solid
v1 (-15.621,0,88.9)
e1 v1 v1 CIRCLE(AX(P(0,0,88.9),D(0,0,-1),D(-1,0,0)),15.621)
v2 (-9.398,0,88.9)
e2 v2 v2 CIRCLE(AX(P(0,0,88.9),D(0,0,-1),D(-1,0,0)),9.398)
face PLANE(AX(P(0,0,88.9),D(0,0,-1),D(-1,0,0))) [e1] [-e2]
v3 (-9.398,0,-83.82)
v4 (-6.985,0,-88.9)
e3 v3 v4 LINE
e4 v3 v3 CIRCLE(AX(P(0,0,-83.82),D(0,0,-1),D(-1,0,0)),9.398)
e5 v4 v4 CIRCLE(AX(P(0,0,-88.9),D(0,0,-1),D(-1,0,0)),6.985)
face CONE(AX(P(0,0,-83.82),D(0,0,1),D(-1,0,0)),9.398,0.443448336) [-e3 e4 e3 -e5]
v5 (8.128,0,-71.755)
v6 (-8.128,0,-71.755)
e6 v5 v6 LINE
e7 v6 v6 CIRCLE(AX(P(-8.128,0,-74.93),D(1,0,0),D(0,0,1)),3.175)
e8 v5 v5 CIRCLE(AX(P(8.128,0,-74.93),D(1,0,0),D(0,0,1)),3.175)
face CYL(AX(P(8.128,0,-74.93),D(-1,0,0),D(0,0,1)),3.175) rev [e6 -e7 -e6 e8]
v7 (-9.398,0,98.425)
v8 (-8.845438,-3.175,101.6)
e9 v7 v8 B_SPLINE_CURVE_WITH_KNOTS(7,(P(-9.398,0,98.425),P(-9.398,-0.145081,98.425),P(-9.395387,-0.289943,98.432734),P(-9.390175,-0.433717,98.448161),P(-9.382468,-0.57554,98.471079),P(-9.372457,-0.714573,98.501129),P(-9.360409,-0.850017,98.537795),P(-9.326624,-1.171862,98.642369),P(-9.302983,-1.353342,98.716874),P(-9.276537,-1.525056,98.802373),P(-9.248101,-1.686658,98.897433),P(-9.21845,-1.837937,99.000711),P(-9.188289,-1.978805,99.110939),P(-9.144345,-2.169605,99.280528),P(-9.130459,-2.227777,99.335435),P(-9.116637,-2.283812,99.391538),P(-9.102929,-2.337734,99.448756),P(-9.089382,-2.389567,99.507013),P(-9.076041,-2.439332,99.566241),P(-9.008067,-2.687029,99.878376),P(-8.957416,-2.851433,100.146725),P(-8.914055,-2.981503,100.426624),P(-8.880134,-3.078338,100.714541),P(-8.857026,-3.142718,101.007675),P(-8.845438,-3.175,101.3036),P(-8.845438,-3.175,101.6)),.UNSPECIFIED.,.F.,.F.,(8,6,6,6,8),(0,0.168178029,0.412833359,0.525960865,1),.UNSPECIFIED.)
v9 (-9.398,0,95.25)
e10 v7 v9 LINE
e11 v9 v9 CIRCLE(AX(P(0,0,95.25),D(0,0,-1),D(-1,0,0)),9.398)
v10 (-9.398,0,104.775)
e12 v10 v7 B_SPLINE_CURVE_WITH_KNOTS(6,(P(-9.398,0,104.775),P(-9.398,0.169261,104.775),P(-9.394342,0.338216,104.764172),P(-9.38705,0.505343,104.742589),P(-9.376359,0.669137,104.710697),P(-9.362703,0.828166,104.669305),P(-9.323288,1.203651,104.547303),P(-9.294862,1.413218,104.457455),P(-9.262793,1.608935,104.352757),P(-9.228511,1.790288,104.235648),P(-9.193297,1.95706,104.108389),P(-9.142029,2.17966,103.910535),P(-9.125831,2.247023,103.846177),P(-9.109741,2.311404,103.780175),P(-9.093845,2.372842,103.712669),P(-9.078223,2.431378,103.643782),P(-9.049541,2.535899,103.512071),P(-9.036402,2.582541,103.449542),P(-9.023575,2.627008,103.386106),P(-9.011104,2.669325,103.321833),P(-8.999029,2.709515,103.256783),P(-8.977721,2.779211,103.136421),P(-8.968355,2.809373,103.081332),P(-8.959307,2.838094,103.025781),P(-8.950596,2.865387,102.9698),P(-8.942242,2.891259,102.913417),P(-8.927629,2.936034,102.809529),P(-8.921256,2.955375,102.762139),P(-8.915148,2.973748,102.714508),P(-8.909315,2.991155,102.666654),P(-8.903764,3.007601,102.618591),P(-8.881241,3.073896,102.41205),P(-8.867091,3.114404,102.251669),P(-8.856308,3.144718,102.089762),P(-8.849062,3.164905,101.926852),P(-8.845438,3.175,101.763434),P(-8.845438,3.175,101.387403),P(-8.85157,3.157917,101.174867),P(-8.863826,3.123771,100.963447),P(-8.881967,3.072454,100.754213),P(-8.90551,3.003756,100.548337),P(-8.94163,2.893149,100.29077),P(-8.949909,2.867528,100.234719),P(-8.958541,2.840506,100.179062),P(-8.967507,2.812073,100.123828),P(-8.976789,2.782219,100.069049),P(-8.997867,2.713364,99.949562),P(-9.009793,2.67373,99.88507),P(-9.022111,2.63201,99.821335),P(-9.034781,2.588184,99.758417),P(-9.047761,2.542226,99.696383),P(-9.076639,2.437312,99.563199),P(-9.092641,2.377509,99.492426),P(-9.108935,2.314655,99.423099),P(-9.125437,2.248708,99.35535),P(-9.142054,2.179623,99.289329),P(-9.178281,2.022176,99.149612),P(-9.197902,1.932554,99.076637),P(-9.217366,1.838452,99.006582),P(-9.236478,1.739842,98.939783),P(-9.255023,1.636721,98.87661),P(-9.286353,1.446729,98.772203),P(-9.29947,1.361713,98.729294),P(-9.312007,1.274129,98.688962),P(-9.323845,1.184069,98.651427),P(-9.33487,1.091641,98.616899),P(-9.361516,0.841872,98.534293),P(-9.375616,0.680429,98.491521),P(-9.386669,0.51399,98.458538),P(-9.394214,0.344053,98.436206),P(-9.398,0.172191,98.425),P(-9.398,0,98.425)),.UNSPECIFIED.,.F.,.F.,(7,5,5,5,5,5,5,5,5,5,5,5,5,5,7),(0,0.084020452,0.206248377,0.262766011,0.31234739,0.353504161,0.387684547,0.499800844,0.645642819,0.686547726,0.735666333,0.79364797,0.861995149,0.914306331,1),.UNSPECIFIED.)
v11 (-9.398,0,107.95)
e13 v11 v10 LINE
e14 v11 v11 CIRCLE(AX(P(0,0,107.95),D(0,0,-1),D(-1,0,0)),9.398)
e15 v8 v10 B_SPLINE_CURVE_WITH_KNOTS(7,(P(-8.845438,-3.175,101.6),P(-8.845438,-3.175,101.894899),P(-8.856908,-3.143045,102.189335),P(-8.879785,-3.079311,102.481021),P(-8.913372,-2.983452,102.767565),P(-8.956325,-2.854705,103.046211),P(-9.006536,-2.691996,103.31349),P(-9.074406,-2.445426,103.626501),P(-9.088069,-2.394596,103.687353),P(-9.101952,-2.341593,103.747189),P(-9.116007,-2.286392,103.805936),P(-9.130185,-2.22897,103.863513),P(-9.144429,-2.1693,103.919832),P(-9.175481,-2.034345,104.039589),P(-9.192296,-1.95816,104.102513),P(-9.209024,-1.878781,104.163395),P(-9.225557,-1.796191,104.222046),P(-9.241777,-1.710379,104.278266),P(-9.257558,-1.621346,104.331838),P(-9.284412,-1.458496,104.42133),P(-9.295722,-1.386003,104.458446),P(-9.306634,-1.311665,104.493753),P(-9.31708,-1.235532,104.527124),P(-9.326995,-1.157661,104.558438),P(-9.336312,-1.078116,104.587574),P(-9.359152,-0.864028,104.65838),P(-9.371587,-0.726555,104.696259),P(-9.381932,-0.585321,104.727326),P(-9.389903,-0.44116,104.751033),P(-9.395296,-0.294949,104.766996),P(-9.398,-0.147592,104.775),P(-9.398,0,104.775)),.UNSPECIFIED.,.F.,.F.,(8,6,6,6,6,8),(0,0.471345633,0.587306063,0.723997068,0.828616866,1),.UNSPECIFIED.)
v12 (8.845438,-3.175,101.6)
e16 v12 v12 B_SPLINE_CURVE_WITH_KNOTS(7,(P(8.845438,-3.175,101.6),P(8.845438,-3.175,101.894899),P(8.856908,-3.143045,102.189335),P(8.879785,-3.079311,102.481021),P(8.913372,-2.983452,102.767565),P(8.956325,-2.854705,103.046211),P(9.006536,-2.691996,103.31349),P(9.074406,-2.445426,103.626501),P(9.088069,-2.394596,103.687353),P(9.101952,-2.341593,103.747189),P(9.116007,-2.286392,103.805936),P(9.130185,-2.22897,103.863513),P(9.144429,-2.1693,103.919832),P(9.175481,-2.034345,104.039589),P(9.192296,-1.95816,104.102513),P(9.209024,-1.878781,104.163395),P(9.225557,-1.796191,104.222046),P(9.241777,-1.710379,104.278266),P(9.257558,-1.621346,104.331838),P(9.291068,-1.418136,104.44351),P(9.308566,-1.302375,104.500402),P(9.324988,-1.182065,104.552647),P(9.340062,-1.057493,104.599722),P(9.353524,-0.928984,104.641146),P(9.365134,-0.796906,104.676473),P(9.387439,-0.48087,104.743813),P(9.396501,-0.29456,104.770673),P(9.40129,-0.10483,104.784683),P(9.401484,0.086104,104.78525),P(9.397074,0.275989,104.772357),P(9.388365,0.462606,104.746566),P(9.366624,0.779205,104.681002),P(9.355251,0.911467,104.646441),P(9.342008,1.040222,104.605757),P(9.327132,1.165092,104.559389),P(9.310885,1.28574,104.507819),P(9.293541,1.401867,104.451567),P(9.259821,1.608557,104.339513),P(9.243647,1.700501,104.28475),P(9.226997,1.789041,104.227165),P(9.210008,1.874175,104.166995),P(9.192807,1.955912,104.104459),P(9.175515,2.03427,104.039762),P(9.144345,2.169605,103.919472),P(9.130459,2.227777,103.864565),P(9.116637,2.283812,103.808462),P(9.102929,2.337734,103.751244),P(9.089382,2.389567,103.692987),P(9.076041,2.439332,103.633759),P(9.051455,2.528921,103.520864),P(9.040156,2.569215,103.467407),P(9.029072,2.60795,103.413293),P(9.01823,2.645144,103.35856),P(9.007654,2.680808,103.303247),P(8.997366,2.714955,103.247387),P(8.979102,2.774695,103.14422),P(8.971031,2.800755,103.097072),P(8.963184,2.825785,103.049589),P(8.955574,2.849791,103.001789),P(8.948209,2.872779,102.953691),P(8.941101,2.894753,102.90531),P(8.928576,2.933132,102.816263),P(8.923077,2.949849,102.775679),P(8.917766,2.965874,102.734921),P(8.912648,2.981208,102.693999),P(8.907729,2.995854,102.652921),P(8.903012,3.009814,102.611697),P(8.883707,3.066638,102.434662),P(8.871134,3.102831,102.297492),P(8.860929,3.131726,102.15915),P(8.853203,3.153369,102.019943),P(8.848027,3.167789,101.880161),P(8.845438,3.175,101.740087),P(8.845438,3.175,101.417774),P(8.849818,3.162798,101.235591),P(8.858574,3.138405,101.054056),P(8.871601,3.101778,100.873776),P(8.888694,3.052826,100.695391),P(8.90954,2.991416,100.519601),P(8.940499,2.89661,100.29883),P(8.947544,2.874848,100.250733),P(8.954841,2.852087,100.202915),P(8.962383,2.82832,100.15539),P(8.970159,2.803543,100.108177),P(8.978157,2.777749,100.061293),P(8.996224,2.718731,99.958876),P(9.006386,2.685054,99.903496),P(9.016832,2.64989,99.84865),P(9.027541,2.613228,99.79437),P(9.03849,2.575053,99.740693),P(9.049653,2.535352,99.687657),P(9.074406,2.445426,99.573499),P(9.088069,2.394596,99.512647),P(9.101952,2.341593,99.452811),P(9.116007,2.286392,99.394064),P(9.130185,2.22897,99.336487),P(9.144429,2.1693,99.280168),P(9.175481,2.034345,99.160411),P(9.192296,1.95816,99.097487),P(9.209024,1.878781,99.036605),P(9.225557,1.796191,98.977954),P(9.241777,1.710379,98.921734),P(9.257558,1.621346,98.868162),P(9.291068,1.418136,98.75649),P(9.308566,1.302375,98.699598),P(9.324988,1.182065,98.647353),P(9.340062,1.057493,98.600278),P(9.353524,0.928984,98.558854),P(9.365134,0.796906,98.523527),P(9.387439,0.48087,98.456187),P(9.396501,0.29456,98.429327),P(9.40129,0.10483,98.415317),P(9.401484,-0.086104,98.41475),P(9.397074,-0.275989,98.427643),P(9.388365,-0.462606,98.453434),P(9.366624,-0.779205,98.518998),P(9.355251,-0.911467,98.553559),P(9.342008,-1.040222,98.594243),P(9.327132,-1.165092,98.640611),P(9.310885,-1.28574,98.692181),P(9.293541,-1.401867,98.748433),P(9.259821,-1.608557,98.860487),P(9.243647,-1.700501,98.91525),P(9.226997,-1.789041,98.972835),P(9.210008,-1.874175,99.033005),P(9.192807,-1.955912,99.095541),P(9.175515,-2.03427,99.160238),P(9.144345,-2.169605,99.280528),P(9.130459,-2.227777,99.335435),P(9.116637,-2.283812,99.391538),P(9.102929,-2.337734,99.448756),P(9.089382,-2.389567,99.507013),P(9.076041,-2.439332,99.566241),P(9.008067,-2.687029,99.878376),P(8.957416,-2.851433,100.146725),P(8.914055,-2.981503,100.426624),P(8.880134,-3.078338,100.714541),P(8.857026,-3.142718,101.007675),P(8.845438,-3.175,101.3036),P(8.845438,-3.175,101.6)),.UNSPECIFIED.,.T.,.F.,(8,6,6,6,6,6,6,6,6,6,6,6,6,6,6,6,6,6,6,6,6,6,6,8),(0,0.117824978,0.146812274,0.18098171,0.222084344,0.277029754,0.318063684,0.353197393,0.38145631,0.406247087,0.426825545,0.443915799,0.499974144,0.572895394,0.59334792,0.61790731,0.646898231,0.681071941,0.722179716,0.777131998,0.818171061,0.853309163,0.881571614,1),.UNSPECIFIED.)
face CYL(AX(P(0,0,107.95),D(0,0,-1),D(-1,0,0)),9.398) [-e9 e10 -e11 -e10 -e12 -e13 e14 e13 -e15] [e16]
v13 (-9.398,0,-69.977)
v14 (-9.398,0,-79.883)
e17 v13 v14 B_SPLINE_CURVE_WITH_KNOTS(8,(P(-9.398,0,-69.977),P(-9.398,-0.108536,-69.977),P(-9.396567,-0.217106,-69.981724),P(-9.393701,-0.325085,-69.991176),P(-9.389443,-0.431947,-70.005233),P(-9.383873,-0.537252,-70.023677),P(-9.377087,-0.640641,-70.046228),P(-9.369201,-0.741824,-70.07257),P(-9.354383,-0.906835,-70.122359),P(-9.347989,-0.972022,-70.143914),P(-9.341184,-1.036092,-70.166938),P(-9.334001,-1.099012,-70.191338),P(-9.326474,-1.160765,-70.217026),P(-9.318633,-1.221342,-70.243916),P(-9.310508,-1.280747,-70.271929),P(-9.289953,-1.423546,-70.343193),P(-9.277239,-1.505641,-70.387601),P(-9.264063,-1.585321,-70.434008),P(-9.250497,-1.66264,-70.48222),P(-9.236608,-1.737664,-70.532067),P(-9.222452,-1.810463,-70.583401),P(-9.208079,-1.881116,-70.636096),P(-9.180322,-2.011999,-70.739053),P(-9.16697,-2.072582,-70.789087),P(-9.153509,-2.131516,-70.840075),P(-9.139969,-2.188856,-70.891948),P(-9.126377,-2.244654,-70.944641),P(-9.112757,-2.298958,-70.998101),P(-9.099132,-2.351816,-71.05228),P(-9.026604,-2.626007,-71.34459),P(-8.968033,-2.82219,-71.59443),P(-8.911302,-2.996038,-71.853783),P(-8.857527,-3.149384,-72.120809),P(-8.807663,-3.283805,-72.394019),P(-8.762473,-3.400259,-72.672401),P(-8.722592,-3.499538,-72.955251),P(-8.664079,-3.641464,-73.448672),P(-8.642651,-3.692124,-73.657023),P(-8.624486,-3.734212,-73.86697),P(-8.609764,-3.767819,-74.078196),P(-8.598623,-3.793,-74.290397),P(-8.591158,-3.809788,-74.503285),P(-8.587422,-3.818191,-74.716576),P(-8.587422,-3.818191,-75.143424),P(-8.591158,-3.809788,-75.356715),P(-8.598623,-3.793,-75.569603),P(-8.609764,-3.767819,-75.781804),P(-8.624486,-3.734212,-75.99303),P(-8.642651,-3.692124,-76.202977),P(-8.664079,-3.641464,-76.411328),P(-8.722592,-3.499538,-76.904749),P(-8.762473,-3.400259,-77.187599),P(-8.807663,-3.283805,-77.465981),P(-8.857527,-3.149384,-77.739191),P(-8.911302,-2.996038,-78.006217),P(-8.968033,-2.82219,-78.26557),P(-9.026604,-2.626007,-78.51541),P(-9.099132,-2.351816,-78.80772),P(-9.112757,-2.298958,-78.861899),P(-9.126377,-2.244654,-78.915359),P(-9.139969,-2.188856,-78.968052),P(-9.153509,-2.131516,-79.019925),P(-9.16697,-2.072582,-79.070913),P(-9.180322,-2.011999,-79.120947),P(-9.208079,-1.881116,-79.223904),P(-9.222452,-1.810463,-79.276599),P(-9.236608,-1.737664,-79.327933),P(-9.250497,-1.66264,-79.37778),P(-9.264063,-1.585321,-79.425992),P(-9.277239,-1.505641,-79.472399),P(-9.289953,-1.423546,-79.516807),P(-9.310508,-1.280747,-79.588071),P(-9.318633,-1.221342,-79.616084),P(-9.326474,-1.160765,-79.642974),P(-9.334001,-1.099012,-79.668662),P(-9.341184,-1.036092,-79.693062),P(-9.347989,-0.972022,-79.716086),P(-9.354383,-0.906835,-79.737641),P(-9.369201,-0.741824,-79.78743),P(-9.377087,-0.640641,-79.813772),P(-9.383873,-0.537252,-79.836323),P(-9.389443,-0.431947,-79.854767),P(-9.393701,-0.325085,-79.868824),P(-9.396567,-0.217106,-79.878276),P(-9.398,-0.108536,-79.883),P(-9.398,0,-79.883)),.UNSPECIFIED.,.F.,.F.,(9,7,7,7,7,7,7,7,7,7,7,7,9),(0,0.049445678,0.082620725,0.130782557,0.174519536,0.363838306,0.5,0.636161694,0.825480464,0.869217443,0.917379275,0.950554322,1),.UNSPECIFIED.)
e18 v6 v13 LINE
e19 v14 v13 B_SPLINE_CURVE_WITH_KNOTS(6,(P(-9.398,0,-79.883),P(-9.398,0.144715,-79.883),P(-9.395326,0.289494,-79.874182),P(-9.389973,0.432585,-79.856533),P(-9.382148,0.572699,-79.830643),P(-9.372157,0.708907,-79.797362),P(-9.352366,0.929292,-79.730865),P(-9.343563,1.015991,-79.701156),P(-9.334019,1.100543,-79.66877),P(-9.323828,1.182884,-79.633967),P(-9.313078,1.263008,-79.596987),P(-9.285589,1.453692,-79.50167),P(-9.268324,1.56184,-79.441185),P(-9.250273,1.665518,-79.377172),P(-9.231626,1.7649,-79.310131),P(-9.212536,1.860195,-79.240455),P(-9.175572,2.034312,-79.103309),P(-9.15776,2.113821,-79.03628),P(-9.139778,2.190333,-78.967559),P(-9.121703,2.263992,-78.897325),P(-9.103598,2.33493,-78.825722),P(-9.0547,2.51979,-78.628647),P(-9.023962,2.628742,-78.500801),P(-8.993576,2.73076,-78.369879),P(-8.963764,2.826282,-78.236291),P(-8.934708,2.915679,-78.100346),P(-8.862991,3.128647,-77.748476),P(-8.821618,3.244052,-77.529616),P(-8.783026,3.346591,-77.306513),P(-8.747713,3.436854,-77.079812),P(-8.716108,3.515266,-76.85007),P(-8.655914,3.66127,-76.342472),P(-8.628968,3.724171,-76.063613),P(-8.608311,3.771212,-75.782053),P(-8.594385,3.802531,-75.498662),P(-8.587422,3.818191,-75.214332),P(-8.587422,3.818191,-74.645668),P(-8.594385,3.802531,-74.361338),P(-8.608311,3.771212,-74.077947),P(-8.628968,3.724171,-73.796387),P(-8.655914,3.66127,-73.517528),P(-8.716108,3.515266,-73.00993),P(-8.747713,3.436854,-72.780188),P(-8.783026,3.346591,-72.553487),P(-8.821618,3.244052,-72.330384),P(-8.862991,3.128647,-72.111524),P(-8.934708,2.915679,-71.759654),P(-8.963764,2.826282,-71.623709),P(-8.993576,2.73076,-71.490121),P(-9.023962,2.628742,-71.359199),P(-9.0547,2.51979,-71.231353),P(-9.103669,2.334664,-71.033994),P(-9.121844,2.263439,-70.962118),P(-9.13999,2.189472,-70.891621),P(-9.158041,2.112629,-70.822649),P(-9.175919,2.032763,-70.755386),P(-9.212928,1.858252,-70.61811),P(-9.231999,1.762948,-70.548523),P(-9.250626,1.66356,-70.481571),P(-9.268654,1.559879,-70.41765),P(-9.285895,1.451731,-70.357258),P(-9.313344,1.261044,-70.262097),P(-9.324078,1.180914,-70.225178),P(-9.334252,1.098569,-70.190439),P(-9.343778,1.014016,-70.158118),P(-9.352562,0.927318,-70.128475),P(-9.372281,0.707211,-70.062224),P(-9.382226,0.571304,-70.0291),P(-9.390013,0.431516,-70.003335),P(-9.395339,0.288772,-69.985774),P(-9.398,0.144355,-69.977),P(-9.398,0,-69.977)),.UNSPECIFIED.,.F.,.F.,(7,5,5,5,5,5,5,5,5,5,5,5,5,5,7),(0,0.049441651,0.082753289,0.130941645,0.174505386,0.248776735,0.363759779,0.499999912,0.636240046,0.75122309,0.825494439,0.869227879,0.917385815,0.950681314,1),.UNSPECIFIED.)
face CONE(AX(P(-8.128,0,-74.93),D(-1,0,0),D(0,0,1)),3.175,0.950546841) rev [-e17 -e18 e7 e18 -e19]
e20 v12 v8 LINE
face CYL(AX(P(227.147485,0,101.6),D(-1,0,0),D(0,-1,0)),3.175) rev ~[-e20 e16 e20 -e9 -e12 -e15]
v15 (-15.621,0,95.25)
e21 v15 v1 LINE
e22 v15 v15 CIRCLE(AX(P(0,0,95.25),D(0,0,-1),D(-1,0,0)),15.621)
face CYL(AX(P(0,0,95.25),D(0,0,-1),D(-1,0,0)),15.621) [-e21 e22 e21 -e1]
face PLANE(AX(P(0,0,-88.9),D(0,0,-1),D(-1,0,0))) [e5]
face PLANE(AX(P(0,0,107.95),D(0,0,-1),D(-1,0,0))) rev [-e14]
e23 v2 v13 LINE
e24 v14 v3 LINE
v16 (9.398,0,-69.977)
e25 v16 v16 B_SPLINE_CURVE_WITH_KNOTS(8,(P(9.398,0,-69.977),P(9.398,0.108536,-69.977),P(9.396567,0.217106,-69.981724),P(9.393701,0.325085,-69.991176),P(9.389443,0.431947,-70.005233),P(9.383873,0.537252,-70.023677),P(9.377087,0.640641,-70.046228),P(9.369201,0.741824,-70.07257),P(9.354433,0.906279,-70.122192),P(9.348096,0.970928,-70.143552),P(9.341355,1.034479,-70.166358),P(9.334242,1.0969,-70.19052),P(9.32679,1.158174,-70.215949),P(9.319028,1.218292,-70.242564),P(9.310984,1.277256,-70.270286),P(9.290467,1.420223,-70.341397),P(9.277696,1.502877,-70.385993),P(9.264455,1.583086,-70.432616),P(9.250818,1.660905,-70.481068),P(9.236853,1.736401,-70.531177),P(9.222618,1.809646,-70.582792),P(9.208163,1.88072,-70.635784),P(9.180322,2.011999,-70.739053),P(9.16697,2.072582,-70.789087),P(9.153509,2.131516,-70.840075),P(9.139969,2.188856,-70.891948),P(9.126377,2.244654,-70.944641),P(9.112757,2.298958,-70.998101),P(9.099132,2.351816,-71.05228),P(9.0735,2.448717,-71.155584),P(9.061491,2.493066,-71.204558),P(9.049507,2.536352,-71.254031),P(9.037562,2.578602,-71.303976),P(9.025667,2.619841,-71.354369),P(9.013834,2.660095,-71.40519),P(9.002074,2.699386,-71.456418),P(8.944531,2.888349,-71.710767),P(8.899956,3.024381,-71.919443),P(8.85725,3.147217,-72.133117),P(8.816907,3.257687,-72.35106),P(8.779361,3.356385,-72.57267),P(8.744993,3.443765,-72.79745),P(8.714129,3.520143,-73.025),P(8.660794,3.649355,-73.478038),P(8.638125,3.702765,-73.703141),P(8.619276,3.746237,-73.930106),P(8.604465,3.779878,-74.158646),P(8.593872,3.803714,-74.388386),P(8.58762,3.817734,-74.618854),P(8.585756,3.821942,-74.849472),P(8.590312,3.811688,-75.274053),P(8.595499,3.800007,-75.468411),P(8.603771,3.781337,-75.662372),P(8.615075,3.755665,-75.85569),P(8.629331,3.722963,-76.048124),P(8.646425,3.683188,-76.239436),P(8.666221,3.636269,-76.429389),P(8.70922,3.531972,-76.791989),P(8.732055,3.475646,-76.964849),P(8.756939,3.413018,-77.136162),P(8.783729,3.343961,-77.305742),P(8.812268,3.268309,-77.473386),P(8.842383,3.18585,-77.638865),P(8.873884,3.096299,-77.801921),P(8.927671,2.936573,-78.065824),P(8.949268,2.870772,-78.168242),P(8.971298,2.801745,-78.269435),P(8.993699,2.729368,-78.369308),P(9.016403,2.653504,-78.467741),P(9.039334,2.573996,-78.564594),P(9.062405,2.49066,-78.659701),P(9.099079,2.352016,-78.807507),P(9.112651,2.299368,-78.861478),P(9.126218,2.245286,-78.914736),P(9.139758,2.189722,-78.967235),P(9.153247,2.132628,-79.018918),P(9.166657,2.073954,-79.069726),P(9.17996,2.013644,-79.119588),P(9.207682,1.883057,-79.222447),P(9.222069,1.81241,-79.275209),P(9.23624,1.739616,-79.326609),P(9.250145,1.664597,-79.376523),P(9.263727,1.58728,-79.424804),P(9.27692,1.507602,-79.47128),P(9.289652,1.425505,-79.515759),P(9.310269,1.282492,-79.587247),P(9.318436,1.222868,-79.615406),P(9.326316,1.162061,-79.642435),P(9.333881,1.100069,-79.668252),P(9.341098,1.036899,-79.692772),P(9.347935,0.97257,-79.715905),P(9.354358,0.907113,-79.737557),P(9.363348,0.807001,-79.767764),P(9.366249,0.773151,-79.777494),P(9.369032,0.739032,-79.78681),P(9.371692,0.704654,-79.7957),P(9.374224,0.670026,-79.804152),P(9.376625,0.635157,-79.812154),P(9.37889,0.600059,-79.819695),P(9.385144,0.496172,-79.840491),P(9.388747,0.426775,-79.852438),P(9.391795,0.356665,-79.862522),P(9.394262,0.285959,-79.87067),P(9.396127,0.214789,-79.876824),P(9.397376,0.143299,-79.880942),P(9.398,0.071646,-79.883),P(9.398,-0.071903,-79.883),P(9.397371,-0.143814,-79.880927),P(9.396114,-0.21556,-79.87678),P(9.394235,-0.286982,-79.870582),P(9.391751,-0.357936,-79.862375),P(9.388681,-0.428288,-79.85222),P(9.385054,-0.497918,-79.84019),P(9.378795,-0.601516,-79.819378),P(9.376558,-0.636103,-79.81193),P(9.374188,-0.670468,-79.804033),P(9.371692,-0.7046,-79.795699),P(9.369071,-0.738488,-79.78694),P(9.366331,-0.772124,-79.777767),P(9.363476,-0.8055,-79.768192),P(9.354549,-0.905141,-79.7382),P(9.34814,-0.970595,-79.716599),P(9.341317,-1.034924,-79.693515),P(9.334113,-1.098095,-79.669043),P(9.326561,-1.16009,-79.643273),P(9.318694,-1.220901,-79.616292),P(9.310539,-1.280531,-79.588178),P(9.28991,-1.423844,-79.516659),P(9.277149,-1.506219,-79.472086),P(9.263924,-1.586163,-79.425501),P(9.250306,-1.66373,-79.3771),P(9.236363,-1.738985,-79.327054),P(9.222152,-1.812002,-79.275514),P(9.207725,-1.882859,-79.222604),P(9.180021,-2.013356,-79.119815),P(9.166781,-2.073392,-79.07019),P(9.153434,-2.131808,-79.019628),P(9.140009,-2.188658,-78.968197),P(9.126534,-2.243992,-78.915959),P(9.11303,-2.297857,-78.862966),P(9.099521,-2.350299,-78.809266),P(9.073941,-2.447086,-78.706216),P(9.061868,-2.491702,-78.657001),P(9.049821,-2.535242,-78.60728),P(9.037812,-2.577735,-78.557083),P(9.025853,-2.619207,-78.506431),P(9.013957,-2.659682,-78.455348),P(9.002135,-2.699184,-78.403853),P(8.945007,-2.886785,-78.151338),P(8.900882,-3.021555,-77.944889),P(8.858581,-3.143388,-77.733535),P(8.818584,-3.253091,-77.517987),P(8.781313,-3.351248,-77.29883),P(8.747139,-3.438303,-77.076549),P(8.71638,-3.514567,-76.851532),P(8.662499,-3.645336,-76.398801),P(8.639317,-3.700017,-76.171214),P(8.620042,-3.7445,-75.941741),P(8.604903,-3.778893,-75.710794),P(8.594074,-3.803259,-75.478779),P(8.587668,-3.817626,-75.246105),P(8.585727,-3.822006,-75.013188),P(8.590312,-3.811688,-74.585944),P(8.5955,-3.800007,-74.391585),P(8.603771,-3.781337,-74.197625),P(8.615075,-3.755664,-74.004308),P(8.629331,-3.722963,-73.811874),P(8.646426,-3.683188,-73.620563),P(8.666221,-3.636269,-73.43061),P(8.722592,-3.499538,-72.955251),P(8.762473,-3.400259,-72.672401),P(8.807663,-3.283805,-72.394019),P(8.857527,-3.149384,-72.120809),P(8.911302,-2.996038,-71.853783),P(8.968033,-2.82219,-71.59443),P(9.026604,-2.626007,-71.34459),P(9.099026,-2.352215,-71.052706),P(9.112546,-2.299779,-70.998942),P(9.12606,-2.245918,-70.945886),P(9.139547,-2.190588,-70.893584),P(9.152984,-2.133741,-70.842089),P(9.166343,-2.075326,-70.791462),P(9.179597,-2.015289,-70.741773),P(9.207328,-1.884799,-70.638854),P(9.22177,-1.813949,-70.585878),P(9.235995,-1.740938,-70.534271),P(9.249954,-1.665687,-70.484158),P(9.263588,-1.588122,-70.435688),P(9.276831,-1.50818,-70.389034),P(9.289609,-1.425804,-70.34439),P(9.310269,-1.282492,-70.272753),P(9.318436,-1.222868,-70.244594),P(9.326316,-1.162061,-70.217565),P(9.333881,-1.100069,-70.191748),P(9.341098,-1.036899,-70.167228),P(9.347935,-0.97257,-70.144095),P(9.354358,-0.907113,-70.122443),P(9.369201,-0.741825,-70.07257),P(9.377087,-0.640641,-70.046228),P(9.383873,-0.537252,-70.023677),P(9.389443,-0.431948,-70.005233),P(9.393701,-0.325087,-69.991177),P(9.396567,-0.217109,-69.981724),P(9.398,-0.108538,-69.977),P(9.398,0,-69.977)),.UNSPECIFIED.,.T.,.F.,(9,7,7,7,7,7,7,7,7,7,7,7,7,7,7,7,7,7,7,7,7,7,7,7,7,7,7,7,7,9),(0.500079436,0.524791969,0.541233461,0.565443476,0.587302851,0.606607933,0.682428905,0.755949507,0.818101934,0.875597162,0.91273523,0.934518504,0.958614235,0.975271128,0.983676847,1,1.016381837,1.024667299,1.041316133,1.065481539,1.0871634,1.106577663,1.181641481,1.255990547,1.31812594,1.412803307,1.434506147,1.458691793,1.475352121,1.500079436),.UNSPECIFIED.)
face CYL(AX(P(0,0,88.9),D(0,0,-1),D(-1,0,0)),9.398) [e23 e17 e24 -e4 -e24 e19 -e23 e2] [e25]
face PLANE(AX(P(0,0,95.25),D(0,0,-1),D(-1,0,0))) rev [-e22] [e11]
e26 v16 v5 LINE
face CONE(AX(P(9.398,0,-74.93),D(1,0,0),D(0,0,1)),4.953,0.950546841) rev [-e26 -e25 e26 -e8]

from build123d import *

# Parameters (mm, degrees)
F4_D = 6.35


with BuildPart() as f1:
    # F0 (on Front) → F1 (revolve)
    with BuildSketch(Plane.XZ):
        Polygon((-6.985, -88.9), (0, -88.9), (0, 107.95), (-9.398, 107.95), (-9.398, 95.25), (-15.621, 95.25), (-15.621, 88.9), (-9.398, 88.9), (-9.398, -83.82), align=None)
    revolve(axis=Axis((0, 0, 2.568085), (0, 0, -1)))

    # F4 (through all)
    with Locations(Plane.YZ.offset(25.4)):
        with Locations((0, 101.6)):
            Hole(F4_D / 2)

    # F5 (on Front) → F6 (revolve, cut)
    with BuildSketch(Plane.XZ):
        Polygon((-9.398, -69.977), (-9.398, -74.93), (9.398, -74.93), (9.398, -69.977), (8.128, -71.755), (-8.128, -71.755), align=None)
    revolve(axis=Axis((3.955706, 0, -74.93), (1, 0, 0)), mode=Mode.SUBTRACT)


solid = f1.part
